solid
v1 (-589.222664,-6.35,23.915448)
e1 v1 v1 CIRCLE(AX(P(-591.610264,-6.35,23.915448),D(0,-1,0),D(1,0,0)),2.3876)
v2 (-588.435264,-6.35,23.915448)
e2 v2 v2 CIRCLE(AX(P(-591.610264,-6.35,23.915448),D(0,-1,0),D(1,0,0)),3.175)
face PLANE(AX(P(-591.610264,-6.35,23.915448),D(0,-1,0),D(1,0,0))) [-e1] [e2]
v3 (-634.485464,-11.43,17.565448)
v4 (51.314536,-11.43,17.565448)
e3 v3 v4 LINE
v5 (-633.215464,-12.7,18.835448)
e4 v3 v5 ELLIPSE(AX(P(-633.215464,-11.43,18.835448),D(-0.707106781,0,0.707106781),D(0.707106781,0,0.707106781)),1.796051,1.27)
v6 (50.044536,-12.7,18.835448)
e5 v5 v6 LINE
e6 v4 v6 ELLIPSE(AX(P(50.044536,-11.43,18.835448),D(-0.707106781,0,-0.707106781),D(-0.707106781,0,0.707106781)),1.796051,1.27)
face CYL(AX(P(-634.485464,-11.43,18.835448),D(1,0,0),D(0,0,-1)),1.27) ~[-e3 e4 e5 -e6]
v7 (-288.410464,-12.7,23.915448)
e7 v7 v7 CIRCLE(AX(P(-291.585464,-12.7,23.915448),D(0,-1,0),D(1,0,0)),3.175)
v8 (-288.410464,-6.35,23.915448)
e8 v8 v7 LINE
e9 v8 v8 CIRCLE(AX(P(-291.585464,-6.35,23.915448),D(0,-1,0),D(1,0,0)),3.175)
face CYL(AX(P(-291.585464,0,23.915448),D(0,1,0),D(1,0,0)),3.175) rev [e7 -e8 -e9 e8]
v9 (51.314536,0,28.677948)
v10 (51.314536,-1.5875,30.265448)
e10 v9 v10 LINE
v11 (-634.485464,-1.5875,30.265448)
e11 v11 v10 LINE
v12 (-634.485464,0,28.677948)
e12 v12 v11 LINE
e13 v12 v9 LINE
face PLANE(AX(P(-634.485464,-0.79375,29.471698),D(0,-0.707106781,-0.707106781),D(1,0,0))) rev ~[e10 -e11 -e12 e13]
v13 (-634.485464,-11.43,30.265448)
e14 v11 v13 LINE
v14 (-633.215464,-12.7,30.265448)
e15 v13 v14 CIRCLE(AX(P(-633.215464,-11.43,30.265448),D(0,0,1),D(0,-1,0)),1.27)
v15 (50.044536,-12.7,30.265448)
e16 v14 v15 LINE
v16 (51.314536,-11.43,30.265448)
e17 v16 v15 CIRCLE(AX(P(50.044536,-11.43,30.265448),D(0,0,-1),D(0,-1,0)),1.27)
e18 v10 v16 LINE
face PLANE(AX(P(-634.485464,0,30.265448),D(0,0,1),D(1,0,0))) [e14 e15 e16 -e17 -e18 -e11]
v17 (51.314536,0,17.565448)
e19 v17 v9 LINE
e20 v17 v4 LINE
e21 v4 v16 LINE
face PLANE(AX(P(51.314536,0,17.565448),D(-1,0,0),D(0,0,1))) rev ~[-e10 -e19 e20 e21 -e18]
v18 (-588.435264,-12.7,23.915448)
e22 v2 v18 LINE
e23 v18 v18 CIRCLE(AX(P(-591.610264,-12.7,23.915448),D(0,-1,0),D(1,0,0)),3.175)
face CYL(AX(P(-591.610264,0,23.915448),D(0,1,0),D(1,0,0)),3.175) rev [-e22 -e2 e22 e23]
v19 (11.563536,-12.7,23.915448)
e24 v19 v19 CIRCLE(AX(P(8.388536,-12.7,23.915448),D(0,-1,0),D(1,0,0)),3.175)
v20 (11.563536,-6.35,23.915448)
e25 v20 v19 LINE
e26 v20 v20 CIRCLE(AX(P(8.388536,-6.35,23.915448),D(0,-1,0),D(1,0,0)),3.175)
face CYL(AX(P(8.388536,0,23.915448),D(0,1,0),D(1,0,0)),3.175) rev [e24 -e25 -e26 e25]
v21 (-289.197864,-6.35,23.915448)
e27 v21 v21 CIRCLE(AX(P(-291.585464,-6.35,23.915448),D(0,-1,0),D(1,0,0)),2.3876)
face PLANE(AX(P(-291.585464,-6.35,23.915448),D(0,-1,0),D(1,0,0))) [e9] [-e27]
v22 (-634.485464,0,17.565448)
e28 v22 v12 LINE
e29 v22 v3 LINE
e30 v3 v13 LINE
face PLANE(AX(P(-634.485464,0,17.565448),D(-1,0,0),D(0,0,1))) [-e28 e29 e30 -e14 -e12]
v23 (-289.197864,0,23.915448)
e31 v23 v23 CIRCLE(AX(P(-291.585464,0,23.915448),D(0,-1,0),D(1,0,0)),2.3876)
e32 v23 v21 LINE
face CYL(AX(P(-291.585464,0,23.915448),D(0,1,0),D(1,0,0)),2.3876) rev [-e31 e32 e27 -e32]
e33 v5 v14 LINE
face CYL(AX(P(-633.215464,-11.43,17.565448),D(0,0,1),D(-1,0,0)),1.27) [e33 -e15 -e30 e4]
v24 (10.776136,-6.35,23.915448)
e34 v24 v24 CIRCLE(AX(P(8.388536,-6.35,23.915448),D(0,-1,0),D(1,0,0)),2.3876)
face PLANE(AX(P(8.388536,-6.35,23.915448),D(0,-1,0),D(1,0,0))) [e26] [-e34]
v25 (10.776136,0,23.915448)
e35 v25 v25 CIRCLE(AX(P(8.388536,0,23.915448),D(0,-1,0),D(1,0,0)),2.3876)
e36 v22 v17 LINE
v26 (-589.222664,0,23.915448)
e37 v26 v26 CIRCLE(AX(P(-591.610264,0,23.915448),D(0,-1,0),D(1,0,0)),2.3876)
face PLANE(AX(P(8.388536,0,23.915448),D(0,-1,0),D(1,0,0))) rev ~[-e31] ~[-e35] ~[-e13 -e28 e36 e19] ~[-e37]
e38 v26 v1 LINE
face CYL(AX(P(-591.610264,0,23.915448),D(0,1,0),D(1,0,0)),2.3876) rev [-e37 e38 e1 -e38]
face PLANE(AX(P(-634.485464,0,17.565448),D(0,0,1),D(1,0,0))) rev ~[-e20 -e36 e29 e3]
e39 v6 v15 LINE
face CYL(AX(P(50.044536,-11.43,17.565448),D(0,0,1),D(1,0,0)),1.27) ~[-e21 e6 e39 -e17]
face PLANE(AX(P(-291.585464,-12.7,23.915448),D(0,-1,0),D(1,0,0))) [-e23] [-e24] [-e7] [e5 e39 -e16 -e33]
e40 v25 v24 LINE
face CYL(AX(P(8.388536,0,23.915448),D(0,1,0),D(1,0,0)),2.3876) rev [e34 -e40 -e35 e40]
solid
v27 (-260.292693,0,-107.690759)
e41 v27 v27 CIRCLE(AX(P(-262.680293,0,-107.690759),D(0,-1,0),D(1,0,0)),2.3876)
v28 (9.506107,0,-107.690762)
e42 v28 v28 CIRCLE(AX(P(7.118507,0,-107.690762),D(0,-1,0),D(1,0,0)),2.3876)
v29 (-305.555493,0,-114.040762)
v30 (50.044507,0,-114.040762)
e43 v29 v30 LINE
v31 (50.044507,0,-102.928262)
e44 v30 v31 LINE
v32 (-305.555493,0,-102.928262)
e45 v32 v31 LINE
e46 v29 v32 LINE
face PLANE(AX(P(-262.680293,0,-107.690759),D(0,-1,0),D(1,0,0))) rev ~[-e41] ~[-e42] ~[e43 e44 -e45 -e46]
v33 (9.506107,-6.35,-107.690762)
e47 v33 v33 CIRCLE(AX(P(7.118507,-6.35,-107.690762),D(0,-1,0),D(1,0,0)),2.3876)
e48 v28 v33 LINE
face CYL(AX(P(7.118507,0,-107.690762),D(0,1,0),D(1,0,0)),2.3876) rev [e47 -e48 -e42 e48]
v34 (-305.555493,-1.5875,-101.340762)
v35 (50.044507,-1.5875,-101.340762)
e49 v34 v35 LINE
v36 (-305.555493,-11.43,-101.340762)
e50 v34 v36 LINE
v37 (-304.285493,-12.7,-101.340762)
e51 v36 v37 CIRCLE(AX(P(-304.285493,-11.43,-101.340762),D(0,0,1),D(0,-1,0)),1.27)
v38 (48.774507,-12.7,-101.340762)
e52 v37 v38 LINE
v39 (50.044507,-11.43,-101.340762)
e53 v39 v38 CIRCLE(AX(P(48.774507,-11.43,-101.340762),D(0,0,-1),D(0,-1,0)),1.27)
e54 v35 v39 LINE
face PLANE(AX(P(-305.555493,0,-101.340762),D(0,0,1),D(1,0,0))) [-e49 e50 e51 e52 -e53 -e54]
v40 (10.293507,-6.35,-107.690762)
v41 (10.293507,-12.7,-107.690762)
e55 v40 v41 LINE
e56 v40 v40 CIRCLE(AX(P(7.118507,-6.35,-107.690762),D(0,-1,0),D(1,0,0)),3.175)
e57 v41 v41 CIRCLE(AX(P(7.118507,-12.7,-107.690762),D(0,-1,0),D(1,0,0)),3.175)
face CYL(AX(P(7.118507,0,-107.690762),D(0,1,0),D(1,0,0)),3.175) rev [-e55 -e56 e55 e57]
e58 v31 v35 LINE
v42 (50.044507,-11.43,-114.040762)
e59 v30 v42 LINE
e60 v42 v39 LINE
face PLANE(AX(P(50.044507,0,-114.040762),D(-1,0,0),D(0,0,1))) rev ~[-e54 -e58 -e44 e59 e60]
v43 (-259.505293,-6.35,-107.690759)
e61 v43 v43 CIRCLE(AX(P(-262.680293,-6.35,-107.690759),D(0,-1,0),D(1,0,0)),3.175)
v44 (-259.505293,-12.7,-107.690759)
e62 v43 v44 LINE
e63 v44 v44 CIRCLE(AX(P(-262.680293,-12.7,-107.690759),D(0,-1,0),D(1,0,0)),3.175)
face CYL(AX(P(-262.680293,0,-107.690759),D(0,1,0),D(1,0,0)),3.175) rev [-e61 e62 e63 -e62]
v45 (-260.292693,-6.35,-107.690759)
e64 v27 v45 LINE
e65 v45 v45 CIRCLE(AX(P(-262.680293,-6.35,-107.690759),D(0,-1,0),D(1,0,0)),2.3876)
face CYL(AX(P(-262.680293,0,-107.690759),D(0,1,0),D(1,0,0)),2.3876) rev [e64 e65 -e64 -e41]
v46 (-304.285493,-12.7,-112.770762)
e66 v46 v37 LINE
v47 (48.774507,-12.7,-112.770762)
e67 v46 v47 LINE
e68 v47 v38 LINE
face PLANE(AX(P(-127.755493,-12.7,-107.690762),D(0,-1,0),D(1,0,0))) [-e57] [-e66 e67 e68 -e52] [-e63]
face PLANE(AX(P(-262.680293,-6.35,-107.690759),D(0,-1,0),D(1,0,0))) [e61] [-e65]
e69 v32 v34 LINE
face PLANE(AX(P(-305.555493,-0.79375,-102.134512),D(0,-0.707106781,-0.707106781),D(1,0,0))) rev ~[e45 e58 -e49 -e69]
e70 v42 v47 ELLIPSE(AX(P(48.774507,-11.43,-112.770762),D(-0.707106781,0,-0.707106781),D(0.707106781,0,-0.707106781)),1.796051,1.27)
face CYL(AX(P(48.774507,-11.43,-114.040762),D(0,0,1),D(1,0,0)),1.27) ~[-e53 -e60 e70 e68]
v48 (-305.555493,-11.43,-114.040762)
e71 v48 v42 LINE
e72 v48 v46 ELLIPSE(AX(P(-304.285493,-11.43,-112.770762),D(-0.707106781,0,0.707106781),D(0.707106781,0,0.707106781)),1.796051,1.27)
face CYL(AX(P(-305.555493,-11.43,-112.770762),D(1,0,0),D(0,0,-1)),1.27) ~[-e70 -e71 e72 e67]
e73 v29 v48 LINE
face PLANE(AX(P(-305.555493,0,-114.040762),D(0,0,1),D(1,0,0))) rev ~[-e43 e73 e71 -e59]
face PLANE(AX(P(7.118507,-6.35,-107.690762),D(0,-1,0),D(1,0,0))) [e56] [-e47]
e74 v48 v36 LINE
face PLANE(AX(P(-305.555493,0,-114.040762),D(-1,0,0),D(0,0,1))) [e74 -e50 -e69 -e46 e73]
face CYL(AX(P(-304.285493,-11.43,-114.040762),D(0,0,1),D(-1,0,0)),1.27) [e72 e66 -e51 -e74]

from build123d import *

# Parameters (mm, degrees)
F0_W      = 685.8
F0_H      = 12.7
F0_R      = 3.175
F1_DEPTH  = 12.7
F0_W_2    = 355.6
F0_R_2    = 2.3876
F2_DEPTH  = 6.35
F3_R      = 1.27
F3_2_R    = 1.27
F4_SIZE   = 1.5875
F4_2_SIZE = 1.5875


with BuildPart() as f1:
    # F0 (on Front) → F1 (new body)
    with BuildSketch(Plane.XZ):
        with Locations((-291.5854644343, 23.9154484641)):
            Rectangle(F0_W, F0_H)
        with Locations((-591.6102644343, 23.9154484641)):
            Circle(F0_R, mode=Mode.SUBTRACT)
        with Locations((-291.5854644343, 23.9154484641)):
            Circle(F0_R, mode=Mode.SUBTRACT)
        with Locations((8.3885355657, 23.9154484641)):
            Circle(F0_R, mode=Mode.SUBTRACT)
    extrude(amount=F1_DEPTH)

    # F0 (on Front) → F2 (join)
    with BuildSketch(Plane.XZ):
        with Locations((8.3885355657, 23.9154484641)):
            Circle(F0_R)
        with Locations((8.3885355657, 23.9154484641)):
            Circle(F0_R_2, mode=Mode.SUBTRACT)
        with Locations((-291.5854644343, 23.9154484641)):
            Circle(F0_R)
        with Locations((-291.5854644343, 23.9154484641)):
            Circle(F0_R_2, mode=Mode.SUBTRACT)
        with Locations((-591.6102644343, 23.9154484641)):
            Circle(F0_R)
        with Locations((-591.6102644343, 23.9154484641)):
            Circle(F0_R_2, mode=Mode.SUBTRACT)
    extrude(amount=F2_DEPTH)

    # F3#2
    f3_2_edges = [f1.edges().sort_by_distance(p)[0] for p in [
        (51.314536, -12.7, 23.915448),
        (-634.485464, -12.7, 23.915448),
        (-291.585464, -12.7, 17.565448),
    ]]
    fillet(f3_2_edges, radius=F3_2_R)

    # F4
    f4_edges = [f1.edges().sort_by_distance(p)[0] for p in [
        (-291.585464, 0, 30.265448),
    ]]
    chamfer(f4_edges, length=F4_SIZE)


with BuildPart() as f1b:
    # F0 (on Front) → F1, piece 2 (new body)
    with BuildSketch(Plane.XZ):
        with Locations((-127.7554926395, -107.6907621861)):
            Rectangle(F0_W_2, F0_H)
        with Locations((-262.6802926395, -107.6907590032)):
            Circle(F0_R, mode=Mode.SUBTRACT)
        with Locations((7.1185073605, -107.6907621861)):
            Circle(F0_R, mode=Mode.SUBTRACT)
    extrude(amount=F1_DEPTH)

    # F0 (on Front) → F2, piece 2 (join)
    with BuildSketch(Plane.XZ):
        with Locations((-262.6802926395, -107.6907590032)):
            Circle(F0_R)
        with Locations((-262.6802926395, -107.6907590032)):
            Circle(F0_R_2, mode=Mode.SUBTRACT)
        with Locations((7.1185073605, -107.6907621861)):
            Circle(F0_R)
        with Locations((7.1185073605, -107.6907621861)):
            Circle(F0_R_2, mode=Mode.SUBTRACT)
    extrude(amount=F2_DEPTH)

    # F3
    f3_edges = [f1b.edges().sort_by_distance(p)[0] for p in [
        (-127.755493, -12.7, -114.040762),
        (-305.555493, -12.7, -107.690762),
        (50.044507, -12.7, -107.690762),
    ]]
    fillet(f3_edges, radius=F3_R)

    # F4#2
    f4_2_edges = [f1b.edges().sort_by_distance(p)[0] for p in [
        (-127.755493, 0, -101.340762),
    ]]
    chamfer(f4_2_edges, length=F4_2_SIZE)


solid = Compound([f1.part, f1b.part])
